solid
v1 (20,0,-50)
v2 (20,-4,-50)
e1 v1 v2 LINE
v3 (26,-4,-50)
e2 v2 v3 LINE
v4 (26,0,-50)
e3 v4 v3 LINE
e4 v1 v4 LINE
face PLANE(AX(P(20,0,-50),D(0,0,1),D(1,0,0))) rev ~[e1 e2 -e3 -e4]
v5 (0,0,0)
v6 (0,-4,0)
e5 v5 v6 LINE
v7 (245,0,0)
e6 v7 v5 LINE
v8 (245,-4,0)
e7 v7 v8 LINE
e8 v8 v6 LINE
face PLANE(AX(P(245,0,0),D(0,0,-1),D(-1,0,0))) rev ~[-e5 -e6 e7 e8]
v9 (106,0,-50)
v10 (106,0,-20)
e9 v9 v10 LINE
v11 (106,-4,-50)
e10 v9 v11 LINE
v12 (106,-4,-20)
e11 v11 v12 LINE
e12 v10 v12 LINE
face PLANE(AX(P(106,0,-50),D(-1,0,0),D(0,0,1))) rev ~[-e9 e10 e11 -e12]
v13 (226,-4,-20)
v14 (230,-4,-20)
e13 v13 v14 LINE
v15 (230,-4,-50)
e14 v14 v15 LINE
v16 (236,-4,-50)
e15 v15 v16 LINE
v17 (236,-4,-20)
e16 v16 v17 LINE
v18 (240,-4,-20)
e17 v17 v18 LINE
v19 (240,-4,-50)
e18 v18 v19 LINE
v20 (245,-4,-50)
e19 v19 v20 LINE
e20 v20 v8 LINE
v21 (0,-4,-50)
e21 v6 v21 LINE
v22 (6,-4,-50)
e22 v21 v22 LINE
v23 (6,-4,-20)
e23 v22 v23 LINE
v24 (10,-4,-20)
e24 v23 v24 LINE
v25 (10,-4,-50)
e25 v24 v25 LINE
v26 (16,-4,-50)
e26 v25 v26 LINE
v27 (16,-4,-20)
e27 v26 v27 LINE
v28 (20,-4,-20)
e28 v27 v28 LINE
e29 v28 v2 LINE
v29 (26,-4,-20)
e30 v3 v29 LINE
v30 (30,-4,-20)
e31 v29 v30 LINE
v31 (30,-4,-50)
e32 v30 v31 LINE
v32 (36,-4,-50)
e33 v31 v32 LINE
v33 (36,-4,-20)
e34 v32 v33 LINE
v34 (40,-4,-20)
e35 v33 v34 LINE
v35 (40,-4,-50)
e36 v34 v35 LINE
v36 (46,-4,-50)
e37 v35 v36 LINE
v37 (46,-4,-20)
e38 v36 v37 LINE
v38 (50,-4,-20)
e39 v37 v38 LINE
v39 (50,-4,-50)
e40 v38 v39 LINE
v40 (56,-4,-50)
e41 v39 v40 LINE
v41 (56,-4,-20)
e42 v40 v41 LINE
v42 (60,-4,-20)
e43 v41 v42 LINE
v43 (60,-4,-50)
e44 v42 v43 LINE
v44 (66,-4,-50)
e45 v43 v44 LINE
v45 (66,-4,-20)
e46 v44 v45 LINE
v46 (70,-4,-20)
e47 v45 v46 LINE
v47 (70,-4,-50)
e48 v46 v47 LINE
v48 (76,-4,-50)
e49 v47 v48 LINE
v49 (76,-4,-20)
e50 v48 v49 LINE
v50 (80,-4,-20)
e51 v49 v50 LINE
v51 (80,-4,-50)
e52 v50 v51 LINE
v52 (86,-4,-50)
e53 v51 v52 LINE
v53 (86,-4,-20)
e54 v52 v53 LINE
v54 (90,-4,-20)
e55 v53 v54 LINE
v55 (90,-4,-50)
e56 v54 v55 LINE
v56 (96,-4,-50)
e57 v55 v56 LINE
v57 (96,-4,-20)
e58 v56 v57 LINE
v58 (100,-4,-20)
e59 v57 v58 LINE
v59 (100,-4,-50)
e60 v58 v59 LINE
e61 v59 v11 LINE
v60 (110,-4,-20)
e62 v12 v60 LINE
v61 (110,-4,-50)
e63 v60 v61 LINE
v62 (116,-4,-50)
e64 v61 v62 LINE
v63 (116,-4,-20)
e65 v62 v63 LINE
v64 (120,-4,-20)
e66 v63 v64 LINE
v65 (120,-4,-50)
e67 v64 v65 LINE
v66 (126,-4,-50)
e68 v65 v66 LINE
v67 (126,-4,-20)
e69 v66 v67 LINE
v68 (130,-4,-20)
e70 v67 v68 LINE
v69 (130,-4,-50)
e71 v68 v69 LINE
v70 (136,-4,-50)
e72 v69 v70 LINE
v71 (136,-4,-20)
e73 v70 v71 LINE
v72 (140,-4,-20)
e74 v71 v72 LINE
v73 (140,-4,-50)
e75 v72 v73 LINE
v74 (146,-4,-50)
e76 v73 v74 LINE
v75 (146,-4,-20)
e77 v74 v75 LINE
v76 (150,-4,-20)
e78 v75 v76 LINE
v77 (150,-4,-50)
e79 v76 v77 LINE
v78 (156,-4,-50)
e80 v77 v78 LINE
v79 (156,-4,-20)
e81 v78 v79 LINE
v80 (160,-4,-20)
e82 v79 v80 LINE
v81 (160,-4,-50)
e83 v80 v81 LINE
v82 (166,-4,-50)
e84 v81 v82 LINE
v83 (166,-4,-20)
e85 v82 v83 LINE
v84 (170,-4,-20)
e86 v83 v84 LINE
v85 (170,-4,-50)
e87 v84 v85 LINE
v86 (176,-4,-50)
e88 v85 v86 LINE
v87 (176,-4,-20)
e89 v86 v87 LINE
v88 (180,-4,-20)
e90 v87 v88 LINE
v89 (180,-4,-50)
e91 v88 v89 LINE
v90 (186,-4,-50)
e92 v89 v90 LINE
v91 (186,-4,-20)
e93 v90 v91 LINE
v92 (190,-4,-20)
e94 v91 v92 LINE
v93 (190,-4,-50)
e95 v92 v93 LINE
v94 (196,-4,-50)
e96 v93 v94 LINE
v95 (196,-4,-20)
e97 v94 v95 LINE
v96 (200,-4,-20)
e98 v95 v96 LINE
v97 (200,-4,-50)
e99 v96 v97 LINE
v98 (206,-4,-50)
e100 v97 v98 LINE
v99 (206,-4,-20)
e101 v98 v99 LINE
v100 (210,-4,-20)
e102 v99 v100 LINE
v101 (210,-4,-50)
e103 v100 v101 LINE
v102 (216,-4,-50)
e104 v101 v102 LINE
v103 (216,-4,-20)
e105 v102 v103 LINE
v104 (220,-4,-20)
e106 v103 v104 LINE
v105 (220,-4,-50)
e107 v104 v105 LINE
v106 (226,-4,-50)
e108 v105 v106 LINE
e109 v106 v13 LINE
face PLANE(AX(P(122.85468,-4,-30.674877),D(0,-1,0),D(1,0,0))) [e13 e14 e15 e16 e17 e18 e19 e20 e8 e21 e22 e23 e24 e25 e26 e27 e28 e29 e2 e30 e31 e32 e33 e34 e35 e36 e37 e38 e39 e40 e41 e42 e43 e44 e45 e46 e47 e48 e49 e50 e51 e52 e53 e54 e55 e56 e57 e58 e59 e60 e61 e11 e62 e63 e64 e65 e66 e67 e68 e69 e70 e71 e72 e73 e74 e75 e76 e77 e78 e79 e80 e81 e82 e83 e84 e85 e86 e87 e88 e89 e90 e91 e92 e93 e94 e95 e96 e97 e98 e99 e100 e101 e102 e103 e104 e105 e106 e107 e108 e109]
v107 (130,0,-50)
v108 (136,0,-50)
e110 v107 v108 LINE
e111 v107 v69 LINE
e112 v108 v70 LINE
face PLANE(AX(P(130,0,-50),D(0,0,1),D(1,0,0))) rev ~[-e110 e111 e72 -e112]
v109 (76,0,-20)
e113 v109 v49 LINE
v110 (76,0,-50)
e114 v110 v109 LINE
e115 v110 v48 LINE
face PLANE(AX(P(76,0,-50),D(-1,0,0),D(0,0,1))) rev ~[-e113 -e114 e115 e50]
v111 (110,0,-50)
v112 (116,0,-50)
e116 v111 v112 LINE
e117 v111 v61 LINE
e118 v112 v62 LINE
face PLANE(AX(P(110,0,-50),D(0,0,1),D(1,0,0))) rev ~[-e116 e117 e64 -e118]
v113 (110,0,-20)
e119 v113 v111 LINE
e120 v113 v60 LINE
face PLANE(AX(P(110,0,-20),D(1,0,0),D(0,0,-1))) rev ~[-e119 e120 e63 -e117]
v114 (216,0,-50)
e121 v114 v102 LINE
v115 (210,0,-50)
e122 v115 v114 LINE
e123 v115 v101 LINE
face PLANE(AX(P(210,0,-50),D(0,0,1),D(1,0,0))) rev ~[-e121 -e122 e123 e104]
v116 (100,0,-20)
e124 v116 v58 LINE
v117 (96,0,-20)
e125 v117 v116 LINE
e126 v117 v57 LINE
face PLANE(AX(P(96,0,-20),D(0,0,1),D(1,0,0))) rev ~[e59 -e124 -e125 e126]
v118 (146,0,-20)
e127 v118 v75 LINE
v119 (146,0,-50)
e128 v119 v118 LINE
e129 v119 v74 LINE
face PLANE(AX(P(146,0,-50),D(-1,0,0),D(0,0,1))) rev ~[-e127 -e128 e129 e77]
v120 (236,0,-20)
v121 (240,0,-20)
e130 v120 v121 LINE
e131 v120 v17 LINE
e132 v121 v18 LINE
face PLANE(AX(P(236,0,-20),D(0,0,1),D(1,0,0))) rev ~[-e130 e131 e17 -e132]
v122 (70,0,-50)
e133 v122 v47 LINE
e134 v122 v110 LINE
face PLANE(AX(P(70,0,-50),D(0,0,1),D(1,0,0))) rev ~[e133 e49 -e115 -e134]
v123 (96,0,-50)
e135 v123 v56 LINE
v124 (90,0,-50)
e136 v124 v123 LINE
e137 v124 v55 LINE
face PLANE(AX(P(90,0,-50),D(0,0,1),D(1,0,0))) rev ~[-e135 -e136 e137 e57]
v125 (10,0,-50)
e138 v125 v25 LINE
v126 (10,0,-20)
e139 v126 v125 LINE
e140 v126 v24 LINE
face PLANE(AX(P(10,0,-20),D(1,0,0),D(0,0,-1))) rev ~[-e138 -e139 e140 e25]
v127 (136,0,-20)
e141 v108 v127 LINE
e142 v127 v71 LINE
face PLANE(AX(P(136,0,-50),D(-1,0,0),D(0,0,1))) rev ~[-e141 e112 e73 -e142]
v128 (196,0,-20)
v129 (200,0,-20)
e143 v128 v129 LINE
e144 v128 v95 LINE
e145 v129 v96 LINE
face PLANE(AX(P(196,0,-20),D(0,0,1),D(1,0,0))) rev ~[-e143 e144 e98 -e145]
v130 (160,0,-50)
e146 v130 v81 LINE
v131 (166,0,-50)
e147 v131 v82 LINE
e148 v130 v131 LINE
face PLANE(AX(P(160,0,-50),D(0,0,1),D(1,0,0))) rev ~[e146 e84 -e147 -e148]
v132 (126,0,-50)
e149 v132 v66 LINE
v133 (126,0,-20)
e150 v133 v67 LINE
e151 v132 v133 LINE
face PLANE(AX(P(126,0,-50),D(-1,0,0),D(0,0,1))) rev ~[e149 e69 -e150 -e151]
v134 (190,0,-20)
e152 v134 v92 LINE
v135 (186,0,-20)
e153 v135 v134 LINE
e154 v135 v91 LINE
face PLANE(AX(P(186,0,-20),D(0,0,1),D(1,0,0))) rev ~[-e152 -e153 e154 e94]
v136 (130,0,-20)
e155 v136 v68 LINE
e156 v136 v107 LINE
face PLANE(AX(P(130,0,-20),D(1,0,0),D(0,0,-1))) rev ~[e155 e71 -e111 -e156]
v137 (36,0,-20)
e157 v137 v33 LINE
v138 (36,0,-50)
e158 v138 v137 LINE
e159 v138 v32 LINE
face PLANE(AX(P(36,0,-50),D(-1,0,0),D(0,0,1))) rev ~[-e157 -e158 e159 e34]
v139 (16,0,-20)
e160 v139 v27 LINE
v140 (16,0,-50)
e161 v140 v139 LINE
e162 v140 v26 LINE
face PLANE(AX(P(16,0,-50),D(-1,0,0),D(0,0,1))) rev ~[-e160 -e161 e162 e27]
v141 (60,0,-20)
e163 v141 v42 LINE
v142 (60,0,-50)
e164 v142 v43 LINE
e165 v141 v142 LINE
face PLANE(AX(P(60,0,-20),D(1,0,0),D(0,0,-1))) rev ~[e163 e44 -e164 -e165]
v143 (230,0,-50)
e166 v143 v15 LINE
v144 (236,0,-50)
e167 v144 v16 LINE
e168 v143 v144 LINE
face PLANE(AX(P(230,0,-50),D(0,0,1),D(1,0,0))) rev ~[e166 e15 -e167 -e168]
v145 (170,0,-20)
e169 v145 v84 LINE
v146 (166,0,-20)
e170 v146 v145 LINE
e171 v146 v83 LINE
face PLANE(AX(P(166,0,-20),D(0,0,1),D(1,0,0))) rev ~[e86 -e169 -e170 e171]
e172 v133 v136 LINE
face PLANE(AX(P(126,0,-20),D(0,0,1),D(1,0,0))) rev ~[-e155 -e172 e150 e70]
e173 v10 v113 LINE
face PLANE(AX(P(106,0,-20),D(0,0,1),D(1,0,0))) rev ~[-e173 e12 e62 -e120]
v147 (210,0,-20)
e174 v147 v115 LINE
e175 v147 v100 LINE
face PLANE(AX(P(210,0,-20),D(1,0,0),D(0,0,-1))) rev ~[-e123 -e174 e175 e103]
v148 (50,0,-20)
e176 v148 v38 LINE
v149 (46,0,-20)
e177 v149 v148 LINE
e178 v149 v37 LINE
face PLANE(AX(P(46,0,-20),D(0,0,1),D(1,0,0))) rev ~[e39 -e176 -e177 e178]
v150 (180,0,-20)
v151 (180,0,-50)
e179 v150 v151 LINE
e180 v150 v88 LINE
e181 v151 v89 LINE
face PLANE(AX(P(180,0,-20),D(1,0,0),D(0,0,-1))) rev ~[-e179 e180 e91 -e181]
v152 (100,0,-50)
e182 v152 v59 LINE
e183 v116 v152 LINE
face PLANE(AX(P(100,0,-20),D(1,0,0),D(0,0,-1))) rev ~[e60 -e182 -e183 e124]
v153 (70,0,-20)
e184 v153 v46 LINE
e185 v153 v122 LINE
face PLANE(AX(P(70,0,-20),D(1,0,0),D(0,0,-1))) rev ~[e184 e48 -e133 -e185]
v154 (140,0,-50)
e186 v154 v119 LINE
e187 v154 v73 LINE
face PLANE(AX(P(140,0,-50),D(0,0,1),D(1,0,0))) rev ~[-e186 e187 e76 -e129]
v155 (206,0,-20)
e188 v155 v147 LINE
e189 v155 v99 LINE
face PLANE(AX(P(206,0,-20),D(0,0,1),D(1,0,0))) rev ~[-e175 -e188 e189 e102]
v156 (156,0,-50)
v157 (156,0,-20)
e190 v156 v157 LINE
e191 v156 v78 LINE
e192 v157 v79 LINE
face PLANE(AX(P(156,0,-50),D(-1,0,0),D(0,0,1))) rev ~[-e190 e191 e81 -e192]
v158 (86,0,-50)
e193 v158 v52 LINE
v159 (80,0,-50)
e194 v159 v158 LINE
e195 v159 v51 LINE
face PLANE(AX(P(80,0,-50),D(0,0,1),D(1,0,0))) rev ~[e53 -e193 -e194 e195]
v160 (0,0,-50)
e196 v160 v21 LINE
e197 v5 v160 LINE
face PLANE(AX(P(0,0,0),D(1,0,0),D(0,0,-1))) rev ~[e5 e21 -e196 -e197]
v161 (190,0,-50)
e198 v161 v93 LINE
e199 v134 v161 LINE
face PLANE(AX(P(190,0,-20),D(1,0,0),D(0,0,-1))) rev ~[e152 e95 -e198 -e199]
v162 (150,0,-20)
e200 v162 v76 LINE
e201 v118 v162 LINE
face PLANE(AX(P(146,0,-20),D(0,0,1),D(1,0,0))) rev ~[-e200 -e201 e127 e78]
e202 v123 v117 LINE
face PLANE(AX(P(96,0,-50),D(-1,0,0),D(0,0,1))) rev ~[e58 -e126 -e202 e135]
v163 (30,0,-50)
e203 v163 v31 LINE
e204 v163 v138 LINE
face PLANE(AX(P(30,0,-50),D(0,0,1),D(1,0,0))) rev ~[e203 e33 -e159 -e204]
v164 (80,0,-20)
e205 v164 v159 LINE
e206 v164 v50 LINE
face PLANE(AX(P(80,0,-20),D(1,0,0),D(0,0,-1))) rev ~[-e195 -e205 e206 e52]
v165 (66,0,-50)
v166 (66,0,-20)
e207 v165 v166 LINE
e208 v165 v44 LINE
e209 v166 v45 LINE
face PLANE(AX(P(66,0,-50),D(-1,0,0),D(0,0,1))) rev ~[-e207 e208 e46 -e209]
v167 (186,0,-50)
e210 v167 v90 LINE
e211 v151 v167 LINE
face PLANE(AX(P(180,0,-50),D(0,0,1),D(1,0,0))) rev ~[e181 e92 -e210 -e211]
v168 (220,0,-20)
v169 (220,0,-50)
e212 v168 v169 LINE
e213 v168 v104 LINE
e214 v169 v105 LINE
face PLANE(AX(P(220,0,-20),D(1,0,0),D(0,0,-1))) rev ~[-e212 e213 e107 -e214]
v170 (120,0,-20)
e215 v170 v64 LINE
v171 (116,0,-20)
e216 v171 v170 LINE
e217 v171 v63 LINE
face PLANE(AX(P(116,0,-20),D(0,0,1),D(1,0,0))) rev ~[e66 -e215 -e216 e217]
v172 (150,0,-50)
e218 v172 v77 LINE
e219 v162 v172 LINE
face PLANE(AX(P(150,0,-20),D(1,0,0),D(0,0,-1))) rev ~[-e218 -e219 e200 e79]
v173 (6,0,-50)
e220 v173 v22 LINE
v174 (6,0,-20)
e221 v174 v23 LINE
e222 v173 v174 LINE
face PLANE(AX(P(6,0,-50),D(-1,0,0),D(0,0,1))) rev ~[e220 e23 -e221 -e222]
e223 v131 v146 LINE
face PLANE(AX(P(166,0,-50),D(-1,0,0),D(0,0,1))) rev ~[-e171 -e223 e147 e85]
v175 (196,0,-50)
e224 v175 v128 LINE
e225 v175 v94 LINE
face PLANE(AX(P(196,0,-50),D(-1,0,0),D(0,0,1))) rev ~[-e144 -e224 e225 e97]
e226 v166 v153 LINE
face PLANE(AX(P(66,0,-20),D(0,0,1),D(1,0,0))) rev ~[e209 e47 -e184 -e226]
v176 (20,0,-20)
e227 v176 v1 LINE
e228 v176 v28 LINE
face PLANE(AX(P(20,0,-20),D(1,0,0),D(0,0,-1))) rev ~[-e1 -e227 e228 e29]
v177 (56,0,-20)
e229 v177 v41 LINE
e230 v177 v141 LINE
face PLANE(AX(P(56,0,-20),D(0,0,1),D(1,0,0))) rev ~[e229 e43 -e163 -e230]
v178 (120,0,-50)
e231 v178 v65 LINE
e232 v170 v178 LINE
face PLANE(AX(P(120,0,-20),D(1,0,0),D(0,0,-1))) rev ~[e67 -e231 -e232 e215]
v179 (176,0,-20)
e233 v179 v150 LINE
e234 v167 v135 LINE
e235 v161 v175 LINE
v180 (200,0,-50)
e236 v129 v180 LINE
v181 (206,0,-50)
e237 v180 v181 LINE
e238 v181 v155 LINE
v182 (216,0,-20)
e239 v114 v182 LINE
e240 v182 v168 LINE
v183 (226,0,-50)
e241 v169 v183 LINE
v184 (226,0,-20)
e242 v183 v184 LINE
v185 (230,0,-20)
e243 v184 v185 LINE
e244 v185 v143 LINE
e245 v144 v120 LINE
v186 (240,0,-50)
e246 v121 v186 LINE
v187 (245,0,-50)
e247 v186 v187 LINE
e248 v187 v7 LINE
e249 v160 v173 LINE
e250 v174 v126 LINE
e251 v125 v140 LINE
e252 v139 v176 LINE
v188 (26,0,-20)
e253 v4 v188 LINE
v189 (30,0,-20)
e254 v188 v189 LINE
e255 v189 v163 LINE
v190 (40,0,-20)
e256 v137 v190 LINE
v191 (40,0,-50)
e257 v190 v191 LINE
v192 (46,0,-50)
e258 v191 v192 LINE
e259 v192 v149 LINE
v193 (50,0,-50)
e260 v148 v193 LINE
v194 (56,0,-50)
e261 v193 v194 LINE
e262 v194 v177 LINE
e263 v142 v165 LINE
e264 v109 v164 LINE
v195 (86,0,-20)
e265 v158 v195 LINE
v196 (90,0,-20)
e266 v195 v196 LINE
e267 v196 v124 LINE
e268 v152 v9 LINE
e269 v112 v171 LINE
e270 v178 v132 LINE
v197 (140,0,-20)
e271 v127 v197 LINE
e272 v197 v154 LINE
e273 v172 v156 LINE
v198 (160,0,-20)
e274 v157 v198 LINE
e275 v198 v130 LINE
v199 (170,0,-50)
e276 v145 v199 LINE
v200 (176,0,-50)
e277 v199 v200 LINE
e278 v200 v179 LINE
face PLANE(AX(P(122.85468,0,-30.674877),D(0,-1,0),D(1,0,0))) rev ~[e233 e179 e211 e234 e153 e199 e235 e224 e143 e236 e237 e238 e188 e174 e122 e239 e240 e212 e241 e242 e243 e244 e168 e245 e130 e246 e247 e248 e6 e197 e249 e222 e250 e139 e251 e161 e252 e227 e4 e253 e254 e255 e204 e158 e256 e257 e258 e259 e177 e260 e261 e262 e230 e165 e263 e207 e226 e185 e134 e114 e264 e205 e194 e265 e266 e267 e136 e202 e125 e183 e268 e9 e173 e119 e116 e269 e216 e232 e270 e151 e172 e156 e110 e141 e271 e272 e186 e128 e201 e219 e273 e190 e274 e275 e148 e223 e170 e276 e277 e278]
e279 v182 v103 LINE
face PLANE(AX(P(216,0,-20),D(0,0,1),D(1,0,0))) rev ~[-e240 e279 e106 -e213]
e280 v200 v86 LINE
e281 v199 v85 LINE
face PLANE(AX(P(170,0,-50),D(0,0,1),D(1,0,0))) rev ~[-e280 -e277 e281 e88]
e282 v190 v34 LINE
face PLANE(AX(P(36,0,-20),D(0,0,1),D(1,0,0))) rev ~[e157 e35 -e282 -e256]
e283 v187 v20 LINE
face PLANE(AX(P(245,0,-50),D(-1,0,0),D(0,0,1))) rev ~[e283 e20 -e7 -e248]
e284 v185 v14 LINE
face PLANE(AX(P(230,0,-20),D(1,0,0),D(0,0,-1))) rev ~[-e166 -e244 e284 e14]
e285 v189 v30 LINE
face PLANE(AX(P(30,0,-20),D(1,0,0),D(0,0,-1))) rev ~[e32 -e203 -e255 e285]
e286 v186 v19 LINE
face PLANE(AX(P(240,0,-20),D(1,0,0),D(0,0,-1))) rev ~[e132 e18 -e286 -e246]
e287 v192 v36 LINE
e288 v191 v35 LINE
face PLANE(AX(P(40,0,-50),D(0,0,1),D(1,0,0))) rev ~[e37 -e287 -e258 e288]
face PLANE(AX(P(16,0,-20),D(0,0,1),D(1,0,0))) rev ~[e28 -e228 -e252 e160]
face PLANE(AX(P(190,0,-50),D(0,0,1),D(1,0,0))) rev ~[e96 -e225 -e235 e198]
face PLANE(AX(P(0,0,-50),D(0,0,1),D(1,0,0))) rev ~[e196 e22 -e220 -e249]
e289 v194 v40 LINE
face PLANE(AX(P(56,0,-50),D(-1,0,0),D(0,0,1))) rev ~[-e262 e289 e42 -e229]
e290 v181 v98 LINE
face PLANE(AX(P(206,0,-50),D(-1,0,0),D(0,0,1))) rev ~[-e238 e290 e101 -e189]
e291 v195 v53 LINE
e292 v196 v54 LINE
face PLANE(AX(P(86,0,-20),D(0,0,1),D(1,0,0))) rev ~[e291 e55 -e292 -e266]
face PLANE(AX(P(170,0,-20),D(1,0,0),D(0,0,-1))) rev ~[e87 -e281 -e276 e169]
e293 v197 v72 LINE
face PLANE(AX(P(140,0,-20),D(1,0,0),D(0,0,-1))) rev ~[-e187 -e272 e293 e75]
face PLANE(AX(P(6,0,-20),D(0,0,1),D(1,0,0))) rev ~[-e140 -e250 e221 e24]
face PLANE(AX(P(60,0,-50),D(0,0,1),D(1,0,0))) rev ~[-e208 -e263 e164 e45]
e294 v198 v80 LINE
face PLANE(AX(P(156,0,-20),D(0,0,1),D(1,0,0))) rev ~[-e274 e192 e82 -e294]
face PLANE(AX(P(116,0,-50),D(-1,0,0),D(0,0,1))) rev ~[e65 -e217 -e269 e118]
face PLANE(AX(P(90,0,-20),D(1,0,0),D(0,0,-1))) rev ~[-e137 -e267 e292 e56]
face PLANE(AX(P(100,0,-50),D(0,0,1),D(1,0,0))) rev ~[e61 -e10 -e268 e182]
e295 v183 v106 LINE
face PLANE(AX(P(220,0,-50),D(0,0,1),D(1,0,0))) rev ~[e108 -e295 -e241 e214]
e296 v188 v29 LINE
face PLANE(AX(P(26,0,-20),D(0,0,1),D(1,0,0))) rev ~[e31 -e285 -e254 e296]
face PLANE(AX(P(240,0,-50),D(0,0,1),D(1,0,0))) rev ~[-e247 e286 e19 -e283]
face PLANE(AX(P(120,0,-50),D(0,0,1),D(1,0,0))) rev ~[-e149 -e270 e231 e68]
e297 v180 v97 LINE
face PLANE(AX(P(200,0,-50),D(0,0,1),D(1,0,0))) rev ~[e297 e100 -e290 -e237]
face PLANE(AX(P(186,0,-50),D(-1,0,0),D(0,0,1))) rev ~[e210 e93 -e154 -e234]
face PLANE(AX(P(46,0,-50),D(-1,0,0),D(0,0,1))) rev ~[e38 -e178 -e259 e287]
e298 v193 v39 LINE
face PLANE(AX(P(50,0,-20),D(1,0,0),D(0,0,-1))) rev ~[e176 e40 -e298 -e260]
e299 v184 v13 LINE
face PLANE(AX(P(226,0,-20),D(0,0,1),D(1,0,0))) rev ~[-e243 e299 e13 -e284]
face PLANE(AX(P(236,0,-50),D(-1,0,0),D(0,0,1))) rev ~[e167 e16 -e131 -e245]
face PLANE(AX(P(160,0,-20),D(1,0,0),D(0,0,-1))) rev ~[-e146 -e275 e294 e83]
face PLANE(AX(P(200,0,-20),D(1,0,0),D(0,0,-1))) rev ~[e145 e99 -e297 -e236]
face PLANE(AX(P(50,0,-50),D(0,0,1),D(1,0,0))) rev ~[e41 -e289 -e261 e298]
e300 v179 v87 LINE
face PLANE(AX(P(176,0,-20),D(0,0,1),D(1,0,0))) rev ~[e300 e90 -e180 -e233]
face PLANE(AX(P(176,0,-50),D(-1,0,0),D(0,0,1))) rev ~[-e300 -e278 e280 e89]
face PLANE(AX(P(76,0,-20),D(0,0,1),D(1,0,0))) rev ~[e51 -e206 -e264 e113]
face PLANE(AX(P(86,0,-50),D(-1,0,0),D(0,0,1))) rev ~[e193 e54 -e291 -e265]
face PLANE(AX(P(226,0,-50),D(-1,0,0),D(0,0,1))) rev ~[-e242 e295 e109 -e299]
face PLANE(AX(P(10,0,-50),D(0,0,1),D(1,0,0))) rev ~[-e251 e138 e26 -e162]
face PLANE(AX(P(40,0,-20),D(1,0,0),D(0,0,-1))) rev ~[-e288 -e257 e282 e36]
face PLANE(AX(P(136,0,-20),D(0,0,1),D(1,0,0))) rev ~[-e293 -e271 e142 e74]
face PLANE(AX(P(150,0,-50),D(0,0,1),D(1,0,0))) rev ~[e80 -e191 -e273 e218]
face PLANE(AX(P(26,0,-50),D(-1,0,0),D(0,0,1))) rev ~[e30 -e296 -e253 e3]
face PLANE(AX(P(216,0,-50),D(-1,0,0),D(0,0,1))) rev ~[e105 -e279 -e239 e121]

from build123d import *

# Parameters (mm, degrees)
F1_DEPTH = 4


with BuildPart() as f1:
    # F0 (on Front) → F1 (new body)
    with BuildSketch(Plane.XZ):
        Polygon((6, -50), (6, -20), (10, -20), (10, -50), (16, -50), (16, -20), (20, -20), (20, -50), (26, -50), (26, -20), (30, -20), (30, -50), (36, -50), (36, -20), (40, -20), (40, -50), (46, -50), (46, -20), (50, -20), (50, -50), (56, -50), (56, -20), (60, -20), (60, -50), (66, -50), (66, -20), (70, -20), (70, -50), (76, -50), (76, -20), (80, -20), (80, -50), (86, -50), (86, -20), (90, -20), (90, -50), (96, -50), (96, -20), (100, -20), (100, -50), (106, -50), (106, -20), (110, -20), (110, -50), (116, -50), (116, -20), (120, -20), (120, -50), (126, -50), (126, -20), (130, -20), (130, -50), (136, -50), (136, -20), (140, -20), (140, -50), (146, -50), (146, -20), (150, -20), (150, -50), (156, -50), (156, -20), (160, -20), (160, -50), (166, -50), (166, -20), (170, -20), (170, -50), (176, -50), (176, -20), (180, -20), (180, -50), (186, -50), (186, -20), (190, -20), (190, -50), (196, -50), (196, -20), (200, -20), (200, -50), (206, -50), (206, -20), (210, -20), (210, -50), (216, -50), (216, -20), (220, -20), (220, -50), (226, -50), (226, -20), (230, -20), (230, -50), (236, -50), (236, -20), (240, -20), (240, -50), (245, -50), (245, 0), (0, 0), (0, -50), align=None)
    extrude(amount=F1_DEPTH)


solid = f1.part
